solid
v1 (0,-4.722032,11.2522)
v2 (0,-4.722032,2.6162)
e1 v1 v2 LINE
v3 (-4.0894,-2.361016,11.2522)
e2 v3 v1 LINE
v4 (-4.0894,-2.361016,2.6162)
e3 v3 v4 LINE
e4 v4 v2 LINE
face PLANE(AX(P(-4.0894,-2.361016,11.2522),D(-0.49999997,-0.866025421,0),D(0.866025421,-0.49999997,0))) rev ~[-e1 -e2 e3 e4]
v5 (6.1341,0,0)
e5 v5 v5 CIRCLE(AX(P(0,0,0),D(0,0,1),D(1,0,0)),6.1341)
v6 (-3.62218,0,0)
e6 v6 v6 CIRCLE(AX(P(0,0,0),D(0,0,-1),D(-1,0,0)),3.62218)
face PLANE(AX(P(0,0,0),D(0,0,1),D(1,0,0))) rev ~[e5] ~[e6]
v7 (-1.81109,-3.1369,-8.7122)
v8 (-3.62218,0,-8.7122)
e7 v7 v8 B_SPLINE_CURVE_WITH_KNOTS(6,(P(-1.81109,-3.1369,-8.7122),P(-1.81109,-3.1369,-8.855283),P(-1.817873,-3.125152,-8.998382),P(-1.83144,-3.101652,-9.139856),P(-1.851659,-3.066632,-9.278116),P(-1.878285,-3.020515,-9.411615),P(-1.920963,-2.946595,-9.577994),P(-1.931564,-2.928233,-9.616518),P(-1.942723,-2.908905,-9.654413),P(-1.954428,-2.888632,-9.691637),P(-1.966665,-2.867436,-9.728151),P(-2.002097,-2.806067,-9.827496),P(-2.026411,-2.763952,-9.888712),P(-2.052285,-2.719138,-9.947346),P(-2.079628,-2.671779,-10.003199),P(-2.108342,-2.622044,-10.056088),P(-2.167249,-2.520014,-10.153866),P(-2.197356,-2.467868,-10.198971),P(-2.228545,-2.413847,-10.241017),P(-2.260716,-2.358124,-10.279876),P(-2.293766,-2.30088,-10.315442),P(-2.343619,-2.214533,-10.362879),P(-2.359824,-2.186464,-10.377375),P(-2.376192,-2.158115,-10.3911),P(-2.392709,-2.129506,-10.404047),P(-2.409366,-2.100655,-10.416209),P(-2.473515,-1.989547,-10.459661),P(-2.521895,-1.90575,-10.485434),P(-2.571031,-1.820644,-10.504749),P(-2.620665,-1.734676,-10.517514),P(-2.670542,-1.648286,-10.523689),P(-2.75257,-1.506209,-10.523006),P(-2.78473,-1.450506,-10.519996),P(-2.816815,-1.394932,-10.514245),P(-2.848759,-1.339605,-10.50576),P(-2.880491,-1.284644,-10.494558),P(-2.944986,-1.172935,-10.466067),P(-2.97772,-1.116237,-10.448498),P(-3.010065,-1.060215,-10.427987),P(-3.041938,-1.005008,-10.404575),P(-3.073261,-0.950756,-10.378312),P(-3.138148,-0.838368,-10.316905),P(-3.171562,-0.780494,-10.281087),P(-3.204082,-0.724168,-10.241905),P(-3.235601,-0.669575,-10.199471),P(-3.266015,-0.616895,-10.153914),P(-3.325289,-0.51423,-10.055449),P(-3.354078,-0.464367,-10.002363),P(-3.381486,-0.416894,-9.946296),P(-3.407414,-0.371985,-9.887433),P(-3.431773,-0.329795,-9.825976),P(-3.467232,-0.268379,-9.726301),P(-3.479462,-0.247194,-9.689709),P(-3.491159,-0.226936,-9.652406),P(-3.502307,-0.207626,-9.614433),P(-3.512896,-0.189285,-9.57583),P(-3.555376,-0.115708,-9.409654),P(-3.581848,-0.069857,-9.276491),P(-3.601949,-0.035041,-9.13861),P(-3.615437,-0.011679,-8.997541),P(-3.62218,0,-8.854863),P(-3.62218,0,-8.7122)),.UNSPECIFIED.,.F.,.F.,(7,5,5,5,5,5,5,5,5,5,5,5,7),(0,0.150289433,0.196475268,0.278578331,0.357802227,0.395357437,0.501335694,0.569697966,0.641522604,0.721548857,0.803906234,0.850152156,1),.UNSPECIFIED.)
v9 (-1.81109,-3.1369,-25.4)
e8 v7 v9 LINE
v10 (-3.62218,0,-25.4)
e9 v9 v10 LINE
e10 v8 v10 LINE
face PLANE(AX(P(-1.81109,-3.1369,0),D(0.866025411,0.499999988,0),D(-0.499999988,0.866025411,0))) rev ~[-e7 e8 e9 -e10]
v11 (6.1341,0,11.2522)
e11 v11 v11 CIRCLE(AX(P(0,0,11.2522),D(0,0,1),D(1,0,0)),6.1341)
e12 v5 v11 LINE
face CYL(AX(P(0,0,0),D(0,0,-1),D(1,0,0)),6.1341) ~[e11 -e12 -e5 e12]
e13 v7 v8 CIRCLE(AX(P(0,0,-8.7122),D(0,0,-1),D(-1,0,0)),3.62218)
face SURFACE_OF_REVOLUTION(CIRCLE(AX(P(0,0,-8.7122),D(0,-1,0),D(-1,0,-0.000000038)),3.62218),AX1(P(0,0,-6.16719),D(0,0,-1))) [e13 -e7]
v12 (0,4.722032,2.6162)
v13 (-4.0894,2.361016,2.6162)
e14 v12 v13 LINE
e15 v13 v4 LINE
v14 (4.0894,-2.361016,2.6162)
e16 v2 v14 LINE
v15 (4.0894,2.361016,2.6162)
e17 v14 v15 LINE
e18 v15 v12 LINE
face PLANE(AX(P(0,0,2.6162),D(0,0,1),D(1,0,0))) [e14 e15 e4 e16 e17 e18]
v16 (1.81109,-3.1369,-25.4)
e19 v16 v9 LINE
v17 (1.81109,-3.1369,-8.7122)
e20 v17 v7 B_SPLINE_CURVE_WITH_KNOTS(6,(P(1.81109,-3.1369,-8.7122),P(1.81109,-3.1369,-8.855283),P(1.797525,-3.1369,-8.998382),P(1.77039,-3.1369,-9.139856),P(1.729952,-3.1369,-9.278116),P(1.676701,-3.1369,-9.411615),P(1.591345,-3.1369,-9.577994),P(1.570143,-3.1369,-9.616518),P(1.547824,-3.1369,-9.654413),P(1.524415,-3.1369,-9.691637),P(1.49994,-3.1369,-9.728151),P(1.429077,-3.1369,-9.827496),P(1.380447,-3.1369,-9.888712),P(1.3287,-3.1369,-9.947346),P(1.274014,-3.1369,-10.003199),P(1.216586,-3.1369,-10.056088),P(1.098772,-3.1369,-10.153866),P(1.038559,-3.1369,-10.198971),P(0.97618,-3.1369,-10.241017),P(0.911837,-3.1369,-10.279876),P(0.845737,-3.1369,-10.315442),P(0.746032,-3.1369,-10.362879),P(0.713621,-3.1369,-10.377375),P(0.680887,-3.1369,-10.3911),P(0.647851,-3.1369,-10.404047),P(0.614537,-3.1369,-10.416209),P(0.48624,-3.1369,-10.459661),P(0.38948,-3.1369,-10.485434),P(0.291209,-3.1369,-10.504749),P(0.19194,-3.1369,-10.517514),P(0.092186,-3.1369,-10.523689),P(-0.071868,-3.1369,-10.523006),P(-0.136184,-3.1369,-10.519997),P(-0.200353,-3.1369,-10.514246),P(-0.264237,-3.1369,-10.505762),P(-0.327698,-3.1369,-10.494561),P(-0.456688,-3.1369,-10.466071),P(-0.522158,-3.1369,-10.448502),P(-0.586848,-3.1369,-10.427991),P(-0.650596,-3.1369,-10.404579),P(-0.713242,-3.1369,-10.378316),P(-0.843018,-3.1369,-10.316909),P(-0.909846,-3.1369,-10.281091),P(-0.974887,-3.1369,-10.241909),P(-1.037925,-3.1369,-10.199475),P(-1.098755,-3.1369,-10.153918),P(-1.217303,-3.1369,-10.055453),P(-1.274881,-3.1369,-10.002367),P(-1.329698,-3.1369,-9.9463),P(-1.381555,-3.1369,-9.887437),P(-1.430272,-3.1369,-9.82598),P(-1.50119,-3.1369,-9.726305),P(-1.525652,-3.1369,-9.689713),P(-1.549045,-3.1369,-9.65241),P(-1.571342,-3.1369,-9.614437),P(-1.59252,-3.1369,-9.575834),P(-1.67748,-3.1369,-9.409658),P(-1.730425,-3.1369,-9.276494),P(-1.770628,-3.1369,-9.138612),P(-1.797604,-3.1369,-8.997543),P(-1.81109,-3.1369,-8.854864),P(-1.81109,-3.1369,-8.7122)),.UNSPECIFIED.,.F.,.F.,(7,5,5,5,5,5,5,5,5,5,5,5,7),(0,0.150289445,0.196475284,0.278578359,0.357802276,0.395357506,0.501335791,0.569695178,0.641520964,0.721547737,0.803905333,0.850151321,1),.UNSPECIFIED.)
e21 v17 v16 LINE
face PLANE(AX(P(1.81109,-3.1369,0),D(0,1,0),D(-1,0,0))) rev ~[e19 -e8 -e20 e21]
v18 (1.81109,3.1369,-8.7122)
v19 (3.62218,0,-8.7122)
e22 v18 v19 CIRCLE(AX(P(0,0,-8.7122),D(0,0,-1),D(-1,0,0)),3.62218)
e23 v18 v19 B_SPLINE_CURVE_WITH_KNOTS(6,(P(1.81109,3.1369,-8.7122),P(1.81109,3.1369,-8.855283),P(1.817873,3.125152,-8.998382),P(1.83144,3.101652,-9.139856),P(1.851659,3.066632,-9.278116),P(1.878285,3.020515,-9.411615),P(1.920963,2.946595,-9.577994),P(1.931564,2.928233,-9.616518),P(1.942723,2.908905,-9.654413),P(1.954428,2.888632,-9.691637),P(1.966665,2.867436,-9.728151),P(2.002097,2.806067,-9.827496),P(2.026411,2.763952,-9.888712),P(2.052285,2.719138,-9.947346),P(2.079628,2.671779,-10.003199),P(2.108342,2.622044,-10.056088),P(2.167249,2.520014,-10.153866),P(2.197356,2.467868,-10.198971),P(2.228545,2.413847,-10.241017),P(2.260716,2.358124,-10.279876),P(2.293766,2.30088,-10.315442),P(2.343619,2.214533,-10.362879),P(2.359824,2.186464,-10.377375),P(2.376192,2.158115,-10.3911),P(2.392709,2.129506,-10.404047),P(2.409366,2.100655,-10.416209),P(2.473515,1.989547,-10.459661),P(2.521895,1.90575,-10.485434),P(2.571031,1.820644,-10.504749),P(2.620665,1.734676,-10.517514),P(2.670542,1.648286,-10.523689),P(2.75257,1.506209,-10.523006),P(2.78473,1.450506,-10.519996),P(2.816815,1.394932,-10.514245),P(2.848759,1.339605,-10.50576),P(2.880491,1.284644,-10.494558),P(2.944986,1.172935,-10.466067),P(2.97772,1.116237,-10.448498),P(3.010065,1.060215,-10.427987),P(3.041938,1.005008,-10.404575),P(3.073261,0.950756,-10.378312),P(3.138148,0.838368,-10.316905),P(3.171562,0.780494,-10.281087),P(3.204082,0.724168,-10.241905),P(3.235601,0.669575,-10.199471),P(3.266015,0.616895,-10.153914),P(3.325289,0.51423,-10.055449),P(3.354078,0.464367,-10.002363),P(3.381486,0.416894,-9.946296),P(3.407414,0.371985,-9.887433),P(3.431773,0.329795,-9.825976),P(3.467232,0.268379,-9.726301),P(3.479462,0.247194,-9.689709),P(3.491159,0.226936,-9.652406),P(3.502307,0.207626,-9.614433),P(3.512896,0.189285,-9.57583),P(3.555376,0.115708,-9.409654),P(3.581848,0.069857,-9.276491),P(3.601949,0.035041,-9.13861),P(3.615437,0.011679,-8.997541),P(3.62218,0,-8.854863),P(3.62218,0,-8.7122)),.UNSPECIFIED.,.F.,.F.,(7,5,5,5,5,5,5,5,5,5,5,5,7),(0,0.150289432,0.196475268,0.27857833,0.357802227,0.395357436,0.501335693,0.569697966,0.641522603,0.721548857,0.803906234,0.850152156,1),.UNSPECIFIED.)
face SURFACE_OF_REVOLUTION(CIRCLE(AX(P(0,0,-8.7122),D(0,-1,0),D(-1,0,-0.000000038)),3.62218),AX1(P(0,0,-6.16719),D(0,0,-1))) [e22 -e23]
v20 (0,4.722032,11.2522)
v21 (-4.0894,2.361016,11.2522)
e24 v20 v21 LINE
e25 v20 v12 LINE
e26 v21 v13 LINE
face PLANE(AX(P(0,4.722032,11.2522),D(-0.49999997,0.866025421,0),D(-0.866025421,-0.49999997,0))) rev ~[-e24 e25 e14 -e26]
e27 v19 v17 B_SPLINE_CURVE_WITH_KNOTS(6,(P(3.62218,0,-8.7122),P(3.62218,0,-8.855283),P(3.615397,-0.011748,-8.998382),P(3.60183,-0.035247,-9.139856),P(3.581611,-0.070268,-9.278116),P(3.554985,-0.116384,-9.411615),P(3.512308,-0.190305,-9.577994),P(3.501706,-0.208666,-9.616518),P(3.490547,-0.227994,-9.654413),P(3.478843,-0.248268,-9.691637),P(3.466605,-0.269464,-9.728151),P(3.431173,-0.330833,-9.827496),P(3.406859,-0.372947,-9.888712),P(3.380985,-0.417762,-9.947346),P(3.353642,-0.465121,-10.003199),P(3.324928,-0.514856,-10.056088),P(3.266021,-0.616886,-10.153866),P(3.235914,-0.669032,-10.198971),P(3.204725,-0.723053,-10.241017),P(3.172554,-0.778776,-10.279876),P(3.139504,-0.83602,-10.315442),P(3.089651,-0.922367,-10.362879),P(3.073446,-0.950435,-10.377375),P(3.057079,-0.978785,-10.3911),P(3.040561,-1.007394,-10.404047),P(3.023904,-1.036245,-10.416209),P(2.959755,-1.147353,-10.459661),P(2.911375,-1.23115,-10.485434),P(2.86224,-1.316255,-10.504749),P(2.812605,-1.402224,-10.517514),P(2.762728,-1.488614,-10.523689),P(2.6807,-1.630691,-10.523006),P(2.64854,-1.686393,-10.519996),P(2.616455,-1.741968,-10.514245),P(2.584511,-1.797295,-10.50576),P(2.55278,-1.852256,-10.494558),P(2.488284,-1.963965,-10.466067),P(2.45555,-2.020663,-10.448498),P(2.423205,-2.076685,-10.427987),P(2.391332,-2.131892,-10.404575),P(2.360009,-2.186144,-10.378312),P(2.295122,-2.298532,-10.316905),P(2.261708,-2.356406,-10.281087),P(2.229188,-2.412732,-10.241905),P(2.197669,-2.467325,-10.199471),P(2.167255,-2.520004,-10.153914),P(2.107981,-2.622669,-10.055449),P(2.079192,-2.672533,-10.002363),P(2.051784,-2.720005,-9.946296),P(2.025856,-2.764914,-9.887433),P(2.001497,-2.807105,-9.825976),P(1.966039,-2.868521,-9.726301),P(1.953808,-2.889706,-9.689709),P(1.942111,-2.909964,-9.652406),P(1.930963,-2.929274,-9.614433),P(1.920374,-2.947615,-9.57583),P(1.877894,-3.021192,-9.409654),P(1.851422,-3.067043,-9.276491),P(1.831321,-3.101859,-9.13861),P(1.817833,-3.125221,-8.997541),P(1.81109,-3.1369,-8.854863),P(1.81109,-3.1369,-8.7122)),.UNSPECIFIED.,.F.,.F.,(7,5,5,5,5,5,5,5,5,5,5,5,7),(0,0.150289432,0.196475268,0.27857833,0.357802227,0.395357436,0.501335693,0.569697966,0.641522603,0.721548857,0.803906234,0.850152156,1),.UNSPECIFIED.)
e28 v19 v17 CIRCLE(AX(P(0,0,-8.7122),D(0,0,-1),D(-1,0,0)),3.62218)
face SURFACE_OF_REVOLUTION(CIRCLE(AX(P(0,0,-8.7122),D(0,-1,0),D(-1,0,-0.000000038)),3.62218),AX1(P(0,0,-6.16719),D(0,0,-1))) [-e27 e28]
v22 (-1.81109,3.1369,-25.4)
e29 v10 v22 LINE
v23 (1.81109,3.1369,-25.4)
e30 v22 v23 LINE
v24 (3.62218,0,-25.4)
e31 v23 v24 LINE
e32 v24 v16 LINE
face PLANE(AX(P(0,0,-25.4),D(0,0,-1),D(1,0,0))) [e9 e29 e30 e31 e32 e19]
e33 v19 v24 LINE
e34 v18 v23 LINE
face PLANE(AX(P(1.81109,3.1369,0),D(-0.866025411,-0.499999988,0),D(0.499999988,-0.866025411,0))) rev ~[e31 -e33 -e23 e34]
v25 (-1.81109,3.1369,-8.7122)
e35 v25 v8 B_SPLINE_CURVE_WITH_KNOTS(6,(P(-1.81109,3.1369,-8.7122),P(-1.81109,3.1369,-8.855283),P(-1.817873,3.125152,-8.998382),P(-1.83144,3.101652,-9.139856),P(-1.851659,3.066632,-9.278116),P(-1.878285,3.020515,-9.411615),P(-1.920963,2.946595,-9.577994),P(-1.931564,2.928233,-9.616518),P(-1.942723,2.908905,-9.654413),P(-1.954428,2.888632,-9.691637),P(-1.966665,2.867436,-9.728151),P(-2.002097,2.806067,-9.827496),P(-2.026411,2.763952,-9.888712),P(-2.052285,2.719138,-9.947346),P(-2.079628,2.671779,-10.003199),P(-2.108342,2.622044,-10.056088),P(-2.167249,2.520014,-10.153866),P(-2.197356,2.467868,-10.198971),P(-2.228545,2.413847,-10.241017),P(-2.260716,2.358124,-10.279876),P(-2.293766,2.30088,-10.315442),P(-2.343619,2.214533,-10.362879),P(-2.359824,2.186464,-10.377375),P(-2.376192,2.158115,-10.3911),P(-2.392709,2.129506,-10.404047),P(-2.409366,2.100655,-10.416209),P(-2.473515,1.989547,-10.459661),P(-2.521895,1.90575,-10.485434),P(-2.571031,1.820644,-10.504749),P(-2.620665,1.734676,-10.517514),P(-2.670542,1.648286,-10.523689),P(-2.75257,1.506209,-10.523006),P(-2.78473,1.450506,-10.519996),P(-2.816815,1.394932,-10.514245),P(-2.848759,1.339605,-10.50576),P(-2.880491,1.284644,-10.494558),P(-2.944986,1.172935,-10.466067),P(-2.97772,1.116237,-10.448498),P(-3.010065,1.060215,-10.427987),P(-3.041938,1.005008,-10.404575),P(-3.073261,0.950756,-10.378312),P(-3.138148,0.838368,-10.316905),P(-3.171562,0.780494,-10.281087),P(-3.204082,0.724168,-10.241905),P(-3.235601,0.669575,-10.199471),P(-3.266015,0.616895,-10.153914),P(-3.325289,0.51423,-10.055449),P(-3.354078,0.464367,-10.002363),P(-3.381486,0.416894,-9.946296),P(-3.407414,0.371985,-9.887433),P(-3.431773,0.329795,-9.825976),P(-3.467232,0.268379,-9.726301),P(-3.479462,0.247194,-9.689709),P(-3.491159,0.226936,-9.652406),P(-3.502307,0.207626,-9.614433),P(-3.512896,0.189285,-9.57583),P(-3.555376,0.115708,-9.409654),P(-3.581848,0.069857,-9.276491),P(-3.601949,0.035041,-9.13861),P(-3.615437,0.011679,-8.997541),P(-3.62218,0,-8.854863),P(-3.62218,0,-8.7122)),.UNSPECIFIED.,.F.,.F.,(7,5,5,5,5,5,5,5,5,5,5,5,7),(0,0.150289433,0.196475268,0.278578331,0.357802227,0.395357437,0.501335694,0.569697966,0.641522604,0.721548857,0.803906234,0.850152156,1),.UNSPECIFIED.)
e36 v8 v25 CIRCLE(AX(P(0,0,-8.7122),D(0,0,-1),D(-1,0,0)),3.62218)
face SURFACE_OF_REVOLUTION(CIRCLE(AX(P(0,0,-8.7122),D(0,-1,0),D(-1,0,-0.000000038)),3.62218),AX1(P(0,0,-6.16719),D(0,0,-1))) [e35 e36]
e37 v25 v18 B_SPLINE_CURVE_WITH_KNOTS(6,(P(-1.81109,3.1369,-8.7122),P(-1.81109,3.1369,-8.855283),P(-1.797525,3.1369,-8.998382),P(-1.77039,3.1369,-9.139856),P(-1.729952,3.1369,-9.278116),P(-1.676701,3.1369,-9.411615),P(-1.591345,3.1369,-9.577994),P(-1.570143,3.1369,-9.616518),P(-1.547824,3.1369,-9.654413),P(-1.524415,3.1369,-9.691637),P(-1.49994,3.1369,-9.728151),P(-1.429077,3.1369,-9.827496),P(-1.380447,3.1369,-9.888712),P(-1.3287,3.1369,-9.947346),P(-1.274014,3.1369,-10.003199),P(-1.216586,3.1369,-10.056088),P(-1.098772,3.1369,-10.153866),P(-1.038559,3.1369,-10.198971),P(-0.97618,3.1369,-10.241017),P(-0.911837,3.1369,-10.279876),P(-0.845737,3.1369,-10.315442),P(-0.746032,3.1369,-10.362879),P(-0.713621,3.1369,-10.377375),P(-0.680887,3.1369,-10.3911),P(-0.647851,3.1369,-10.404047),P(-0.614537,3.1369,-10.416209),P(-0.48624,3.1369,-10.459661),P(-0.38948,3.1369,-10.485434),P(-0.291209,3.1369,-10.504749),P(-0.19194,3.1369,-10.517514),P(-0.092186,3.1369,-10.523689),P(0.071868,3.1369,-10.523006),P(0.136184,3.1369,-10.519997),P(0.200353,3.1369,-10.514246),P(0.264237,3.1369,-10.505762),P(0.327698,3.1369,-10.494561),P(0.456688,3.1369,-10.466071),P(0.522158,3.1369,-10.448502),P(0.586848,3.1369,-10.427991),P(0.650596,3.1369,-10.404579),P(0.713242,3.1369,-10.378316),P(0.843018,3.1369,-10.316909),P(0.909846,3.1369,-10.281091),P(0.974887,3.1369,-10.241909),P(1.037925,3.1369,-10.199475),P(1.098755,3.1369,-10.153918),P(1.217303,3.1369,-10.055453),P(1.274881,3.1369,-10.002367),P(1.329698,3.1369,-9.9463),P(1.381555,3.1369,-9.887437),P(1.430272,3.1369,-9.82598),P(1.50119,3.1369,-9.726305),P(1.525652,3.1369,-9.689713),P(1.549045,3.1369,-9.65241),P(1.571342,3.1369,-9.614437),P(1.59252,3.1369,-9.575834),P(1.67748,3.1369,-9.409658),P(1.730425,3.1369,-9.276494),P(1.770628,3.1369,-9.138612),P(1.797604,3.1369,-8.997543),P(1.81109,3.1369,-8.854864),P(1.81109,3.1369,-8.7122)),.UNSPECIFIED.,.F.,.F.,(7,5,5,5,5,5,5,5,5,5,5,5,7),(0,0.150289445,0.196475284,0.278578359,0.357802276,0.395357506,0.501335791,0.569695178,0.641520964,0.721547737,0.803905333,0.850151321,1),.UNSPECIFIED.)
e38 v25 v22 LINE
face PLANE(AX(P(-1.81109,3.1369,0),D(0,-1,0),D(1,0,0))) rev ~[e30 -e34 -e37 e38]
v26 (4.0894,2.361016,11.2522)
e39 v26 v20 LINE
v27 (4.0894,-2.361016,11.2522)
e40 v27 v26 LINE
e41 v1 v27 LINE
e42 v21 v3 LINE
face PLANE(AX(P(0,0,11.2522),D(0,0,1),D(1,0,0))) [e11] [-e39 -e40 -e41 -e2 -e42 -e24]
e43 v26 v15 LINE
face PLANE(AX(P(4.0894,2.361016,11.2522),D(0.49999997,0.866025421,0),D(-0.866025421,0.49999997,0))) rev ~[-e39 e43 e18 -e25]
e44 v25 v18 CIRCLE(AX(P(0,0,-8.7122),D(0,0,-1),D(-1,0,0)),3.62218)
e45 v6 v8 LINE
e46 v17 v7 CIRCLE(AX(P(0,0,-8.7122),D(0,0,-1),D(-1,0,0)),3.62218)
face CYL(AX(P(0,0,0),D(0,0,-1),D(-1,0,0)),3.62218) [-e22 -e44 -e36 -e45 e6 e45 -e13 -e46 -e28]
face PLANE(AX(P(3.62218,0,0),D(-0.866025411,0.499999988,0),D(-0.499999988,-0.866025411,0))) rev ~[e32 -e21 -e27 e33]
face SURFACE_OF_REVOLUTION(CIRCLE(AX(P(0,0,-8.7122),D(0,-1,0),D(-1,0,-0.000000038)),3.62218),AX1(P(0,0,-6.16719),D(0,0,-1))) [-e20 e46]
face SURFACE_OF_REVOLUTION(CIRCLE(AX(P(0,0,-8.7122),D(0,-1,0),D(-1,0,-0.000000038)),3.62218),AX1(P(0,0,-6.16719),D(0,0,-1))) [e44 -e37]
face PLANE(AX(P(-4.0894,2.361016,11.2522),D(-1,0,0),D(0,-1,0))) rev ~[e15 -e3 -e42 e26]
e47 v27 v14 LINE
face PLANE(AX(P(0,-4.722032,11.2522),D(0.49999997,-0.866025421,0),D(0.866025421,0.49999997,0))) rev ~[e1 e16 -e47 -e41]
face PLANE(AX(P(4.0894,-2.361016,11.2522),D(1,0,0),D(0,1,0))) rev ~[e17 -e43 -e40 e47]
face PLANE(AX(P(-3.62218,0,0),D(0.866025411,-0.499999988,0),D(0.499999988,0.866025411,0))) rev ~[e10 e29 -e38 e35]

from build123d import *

# Parameters (mm, degrees)
F0_R     = 6.1341
F1_DEPTH = 11.2522
F3_DEPTH = 8.636
F5_DEPTH = 25.4


with BuildPart() as f1:
    # F0 (on Top) → F1 (new body)
    with BuildSketch(Plane.XY):
        Circle(F0_R)
    extrude(amount=F1_DEPTH)

    # F2 (on face) → F3 (cut)
    with BuildSketch(Plane.XY.offset(11.2522)):
        Polygon((4.0894, -2.361016), (4.0894, 2.361016), (0, 4.722032), (-4.0894, 2.361016), (-4.0894, -2.361016), (0, -4.722032), align=None)
    extrude(amount=-F3_DEPTH, mode=Mode.SUBTRACT)

    # F4 (on face) → F5 (join)
    with BuildSketch(Plane(origin=(0, 0, 0), x_dir=(1, 0, 0), z_dir=(0, 0, -1))):
        Polygon((-1.81109, -3.1369), (1.81109, -3.1369), (3.62218, 0), (1.81109, 3.1369), (-1.81109, 3.1369), (-3.62218, 0), align=None)
    extrude(amount=F5_DEPTH)

    # F6 (on Front) → F7 (revolve)
    with BuildSketch(Plane.XZ):
        with BuildLine():
            Line((0, 0), (-3.62218, 0))
            Line((-3.62218, 0), (-3.62218, -8.7122))
            ThreePointArc((-3.62218, -8.7122), (-2.561268, -11.273468), (0, -12.33438))
            Line((0, -12.33438), (0, 0))
        make_face()
    revolve(axis=Axis((0, 0, -6.16719), (0, 0, -1)))


solid = f1.part
